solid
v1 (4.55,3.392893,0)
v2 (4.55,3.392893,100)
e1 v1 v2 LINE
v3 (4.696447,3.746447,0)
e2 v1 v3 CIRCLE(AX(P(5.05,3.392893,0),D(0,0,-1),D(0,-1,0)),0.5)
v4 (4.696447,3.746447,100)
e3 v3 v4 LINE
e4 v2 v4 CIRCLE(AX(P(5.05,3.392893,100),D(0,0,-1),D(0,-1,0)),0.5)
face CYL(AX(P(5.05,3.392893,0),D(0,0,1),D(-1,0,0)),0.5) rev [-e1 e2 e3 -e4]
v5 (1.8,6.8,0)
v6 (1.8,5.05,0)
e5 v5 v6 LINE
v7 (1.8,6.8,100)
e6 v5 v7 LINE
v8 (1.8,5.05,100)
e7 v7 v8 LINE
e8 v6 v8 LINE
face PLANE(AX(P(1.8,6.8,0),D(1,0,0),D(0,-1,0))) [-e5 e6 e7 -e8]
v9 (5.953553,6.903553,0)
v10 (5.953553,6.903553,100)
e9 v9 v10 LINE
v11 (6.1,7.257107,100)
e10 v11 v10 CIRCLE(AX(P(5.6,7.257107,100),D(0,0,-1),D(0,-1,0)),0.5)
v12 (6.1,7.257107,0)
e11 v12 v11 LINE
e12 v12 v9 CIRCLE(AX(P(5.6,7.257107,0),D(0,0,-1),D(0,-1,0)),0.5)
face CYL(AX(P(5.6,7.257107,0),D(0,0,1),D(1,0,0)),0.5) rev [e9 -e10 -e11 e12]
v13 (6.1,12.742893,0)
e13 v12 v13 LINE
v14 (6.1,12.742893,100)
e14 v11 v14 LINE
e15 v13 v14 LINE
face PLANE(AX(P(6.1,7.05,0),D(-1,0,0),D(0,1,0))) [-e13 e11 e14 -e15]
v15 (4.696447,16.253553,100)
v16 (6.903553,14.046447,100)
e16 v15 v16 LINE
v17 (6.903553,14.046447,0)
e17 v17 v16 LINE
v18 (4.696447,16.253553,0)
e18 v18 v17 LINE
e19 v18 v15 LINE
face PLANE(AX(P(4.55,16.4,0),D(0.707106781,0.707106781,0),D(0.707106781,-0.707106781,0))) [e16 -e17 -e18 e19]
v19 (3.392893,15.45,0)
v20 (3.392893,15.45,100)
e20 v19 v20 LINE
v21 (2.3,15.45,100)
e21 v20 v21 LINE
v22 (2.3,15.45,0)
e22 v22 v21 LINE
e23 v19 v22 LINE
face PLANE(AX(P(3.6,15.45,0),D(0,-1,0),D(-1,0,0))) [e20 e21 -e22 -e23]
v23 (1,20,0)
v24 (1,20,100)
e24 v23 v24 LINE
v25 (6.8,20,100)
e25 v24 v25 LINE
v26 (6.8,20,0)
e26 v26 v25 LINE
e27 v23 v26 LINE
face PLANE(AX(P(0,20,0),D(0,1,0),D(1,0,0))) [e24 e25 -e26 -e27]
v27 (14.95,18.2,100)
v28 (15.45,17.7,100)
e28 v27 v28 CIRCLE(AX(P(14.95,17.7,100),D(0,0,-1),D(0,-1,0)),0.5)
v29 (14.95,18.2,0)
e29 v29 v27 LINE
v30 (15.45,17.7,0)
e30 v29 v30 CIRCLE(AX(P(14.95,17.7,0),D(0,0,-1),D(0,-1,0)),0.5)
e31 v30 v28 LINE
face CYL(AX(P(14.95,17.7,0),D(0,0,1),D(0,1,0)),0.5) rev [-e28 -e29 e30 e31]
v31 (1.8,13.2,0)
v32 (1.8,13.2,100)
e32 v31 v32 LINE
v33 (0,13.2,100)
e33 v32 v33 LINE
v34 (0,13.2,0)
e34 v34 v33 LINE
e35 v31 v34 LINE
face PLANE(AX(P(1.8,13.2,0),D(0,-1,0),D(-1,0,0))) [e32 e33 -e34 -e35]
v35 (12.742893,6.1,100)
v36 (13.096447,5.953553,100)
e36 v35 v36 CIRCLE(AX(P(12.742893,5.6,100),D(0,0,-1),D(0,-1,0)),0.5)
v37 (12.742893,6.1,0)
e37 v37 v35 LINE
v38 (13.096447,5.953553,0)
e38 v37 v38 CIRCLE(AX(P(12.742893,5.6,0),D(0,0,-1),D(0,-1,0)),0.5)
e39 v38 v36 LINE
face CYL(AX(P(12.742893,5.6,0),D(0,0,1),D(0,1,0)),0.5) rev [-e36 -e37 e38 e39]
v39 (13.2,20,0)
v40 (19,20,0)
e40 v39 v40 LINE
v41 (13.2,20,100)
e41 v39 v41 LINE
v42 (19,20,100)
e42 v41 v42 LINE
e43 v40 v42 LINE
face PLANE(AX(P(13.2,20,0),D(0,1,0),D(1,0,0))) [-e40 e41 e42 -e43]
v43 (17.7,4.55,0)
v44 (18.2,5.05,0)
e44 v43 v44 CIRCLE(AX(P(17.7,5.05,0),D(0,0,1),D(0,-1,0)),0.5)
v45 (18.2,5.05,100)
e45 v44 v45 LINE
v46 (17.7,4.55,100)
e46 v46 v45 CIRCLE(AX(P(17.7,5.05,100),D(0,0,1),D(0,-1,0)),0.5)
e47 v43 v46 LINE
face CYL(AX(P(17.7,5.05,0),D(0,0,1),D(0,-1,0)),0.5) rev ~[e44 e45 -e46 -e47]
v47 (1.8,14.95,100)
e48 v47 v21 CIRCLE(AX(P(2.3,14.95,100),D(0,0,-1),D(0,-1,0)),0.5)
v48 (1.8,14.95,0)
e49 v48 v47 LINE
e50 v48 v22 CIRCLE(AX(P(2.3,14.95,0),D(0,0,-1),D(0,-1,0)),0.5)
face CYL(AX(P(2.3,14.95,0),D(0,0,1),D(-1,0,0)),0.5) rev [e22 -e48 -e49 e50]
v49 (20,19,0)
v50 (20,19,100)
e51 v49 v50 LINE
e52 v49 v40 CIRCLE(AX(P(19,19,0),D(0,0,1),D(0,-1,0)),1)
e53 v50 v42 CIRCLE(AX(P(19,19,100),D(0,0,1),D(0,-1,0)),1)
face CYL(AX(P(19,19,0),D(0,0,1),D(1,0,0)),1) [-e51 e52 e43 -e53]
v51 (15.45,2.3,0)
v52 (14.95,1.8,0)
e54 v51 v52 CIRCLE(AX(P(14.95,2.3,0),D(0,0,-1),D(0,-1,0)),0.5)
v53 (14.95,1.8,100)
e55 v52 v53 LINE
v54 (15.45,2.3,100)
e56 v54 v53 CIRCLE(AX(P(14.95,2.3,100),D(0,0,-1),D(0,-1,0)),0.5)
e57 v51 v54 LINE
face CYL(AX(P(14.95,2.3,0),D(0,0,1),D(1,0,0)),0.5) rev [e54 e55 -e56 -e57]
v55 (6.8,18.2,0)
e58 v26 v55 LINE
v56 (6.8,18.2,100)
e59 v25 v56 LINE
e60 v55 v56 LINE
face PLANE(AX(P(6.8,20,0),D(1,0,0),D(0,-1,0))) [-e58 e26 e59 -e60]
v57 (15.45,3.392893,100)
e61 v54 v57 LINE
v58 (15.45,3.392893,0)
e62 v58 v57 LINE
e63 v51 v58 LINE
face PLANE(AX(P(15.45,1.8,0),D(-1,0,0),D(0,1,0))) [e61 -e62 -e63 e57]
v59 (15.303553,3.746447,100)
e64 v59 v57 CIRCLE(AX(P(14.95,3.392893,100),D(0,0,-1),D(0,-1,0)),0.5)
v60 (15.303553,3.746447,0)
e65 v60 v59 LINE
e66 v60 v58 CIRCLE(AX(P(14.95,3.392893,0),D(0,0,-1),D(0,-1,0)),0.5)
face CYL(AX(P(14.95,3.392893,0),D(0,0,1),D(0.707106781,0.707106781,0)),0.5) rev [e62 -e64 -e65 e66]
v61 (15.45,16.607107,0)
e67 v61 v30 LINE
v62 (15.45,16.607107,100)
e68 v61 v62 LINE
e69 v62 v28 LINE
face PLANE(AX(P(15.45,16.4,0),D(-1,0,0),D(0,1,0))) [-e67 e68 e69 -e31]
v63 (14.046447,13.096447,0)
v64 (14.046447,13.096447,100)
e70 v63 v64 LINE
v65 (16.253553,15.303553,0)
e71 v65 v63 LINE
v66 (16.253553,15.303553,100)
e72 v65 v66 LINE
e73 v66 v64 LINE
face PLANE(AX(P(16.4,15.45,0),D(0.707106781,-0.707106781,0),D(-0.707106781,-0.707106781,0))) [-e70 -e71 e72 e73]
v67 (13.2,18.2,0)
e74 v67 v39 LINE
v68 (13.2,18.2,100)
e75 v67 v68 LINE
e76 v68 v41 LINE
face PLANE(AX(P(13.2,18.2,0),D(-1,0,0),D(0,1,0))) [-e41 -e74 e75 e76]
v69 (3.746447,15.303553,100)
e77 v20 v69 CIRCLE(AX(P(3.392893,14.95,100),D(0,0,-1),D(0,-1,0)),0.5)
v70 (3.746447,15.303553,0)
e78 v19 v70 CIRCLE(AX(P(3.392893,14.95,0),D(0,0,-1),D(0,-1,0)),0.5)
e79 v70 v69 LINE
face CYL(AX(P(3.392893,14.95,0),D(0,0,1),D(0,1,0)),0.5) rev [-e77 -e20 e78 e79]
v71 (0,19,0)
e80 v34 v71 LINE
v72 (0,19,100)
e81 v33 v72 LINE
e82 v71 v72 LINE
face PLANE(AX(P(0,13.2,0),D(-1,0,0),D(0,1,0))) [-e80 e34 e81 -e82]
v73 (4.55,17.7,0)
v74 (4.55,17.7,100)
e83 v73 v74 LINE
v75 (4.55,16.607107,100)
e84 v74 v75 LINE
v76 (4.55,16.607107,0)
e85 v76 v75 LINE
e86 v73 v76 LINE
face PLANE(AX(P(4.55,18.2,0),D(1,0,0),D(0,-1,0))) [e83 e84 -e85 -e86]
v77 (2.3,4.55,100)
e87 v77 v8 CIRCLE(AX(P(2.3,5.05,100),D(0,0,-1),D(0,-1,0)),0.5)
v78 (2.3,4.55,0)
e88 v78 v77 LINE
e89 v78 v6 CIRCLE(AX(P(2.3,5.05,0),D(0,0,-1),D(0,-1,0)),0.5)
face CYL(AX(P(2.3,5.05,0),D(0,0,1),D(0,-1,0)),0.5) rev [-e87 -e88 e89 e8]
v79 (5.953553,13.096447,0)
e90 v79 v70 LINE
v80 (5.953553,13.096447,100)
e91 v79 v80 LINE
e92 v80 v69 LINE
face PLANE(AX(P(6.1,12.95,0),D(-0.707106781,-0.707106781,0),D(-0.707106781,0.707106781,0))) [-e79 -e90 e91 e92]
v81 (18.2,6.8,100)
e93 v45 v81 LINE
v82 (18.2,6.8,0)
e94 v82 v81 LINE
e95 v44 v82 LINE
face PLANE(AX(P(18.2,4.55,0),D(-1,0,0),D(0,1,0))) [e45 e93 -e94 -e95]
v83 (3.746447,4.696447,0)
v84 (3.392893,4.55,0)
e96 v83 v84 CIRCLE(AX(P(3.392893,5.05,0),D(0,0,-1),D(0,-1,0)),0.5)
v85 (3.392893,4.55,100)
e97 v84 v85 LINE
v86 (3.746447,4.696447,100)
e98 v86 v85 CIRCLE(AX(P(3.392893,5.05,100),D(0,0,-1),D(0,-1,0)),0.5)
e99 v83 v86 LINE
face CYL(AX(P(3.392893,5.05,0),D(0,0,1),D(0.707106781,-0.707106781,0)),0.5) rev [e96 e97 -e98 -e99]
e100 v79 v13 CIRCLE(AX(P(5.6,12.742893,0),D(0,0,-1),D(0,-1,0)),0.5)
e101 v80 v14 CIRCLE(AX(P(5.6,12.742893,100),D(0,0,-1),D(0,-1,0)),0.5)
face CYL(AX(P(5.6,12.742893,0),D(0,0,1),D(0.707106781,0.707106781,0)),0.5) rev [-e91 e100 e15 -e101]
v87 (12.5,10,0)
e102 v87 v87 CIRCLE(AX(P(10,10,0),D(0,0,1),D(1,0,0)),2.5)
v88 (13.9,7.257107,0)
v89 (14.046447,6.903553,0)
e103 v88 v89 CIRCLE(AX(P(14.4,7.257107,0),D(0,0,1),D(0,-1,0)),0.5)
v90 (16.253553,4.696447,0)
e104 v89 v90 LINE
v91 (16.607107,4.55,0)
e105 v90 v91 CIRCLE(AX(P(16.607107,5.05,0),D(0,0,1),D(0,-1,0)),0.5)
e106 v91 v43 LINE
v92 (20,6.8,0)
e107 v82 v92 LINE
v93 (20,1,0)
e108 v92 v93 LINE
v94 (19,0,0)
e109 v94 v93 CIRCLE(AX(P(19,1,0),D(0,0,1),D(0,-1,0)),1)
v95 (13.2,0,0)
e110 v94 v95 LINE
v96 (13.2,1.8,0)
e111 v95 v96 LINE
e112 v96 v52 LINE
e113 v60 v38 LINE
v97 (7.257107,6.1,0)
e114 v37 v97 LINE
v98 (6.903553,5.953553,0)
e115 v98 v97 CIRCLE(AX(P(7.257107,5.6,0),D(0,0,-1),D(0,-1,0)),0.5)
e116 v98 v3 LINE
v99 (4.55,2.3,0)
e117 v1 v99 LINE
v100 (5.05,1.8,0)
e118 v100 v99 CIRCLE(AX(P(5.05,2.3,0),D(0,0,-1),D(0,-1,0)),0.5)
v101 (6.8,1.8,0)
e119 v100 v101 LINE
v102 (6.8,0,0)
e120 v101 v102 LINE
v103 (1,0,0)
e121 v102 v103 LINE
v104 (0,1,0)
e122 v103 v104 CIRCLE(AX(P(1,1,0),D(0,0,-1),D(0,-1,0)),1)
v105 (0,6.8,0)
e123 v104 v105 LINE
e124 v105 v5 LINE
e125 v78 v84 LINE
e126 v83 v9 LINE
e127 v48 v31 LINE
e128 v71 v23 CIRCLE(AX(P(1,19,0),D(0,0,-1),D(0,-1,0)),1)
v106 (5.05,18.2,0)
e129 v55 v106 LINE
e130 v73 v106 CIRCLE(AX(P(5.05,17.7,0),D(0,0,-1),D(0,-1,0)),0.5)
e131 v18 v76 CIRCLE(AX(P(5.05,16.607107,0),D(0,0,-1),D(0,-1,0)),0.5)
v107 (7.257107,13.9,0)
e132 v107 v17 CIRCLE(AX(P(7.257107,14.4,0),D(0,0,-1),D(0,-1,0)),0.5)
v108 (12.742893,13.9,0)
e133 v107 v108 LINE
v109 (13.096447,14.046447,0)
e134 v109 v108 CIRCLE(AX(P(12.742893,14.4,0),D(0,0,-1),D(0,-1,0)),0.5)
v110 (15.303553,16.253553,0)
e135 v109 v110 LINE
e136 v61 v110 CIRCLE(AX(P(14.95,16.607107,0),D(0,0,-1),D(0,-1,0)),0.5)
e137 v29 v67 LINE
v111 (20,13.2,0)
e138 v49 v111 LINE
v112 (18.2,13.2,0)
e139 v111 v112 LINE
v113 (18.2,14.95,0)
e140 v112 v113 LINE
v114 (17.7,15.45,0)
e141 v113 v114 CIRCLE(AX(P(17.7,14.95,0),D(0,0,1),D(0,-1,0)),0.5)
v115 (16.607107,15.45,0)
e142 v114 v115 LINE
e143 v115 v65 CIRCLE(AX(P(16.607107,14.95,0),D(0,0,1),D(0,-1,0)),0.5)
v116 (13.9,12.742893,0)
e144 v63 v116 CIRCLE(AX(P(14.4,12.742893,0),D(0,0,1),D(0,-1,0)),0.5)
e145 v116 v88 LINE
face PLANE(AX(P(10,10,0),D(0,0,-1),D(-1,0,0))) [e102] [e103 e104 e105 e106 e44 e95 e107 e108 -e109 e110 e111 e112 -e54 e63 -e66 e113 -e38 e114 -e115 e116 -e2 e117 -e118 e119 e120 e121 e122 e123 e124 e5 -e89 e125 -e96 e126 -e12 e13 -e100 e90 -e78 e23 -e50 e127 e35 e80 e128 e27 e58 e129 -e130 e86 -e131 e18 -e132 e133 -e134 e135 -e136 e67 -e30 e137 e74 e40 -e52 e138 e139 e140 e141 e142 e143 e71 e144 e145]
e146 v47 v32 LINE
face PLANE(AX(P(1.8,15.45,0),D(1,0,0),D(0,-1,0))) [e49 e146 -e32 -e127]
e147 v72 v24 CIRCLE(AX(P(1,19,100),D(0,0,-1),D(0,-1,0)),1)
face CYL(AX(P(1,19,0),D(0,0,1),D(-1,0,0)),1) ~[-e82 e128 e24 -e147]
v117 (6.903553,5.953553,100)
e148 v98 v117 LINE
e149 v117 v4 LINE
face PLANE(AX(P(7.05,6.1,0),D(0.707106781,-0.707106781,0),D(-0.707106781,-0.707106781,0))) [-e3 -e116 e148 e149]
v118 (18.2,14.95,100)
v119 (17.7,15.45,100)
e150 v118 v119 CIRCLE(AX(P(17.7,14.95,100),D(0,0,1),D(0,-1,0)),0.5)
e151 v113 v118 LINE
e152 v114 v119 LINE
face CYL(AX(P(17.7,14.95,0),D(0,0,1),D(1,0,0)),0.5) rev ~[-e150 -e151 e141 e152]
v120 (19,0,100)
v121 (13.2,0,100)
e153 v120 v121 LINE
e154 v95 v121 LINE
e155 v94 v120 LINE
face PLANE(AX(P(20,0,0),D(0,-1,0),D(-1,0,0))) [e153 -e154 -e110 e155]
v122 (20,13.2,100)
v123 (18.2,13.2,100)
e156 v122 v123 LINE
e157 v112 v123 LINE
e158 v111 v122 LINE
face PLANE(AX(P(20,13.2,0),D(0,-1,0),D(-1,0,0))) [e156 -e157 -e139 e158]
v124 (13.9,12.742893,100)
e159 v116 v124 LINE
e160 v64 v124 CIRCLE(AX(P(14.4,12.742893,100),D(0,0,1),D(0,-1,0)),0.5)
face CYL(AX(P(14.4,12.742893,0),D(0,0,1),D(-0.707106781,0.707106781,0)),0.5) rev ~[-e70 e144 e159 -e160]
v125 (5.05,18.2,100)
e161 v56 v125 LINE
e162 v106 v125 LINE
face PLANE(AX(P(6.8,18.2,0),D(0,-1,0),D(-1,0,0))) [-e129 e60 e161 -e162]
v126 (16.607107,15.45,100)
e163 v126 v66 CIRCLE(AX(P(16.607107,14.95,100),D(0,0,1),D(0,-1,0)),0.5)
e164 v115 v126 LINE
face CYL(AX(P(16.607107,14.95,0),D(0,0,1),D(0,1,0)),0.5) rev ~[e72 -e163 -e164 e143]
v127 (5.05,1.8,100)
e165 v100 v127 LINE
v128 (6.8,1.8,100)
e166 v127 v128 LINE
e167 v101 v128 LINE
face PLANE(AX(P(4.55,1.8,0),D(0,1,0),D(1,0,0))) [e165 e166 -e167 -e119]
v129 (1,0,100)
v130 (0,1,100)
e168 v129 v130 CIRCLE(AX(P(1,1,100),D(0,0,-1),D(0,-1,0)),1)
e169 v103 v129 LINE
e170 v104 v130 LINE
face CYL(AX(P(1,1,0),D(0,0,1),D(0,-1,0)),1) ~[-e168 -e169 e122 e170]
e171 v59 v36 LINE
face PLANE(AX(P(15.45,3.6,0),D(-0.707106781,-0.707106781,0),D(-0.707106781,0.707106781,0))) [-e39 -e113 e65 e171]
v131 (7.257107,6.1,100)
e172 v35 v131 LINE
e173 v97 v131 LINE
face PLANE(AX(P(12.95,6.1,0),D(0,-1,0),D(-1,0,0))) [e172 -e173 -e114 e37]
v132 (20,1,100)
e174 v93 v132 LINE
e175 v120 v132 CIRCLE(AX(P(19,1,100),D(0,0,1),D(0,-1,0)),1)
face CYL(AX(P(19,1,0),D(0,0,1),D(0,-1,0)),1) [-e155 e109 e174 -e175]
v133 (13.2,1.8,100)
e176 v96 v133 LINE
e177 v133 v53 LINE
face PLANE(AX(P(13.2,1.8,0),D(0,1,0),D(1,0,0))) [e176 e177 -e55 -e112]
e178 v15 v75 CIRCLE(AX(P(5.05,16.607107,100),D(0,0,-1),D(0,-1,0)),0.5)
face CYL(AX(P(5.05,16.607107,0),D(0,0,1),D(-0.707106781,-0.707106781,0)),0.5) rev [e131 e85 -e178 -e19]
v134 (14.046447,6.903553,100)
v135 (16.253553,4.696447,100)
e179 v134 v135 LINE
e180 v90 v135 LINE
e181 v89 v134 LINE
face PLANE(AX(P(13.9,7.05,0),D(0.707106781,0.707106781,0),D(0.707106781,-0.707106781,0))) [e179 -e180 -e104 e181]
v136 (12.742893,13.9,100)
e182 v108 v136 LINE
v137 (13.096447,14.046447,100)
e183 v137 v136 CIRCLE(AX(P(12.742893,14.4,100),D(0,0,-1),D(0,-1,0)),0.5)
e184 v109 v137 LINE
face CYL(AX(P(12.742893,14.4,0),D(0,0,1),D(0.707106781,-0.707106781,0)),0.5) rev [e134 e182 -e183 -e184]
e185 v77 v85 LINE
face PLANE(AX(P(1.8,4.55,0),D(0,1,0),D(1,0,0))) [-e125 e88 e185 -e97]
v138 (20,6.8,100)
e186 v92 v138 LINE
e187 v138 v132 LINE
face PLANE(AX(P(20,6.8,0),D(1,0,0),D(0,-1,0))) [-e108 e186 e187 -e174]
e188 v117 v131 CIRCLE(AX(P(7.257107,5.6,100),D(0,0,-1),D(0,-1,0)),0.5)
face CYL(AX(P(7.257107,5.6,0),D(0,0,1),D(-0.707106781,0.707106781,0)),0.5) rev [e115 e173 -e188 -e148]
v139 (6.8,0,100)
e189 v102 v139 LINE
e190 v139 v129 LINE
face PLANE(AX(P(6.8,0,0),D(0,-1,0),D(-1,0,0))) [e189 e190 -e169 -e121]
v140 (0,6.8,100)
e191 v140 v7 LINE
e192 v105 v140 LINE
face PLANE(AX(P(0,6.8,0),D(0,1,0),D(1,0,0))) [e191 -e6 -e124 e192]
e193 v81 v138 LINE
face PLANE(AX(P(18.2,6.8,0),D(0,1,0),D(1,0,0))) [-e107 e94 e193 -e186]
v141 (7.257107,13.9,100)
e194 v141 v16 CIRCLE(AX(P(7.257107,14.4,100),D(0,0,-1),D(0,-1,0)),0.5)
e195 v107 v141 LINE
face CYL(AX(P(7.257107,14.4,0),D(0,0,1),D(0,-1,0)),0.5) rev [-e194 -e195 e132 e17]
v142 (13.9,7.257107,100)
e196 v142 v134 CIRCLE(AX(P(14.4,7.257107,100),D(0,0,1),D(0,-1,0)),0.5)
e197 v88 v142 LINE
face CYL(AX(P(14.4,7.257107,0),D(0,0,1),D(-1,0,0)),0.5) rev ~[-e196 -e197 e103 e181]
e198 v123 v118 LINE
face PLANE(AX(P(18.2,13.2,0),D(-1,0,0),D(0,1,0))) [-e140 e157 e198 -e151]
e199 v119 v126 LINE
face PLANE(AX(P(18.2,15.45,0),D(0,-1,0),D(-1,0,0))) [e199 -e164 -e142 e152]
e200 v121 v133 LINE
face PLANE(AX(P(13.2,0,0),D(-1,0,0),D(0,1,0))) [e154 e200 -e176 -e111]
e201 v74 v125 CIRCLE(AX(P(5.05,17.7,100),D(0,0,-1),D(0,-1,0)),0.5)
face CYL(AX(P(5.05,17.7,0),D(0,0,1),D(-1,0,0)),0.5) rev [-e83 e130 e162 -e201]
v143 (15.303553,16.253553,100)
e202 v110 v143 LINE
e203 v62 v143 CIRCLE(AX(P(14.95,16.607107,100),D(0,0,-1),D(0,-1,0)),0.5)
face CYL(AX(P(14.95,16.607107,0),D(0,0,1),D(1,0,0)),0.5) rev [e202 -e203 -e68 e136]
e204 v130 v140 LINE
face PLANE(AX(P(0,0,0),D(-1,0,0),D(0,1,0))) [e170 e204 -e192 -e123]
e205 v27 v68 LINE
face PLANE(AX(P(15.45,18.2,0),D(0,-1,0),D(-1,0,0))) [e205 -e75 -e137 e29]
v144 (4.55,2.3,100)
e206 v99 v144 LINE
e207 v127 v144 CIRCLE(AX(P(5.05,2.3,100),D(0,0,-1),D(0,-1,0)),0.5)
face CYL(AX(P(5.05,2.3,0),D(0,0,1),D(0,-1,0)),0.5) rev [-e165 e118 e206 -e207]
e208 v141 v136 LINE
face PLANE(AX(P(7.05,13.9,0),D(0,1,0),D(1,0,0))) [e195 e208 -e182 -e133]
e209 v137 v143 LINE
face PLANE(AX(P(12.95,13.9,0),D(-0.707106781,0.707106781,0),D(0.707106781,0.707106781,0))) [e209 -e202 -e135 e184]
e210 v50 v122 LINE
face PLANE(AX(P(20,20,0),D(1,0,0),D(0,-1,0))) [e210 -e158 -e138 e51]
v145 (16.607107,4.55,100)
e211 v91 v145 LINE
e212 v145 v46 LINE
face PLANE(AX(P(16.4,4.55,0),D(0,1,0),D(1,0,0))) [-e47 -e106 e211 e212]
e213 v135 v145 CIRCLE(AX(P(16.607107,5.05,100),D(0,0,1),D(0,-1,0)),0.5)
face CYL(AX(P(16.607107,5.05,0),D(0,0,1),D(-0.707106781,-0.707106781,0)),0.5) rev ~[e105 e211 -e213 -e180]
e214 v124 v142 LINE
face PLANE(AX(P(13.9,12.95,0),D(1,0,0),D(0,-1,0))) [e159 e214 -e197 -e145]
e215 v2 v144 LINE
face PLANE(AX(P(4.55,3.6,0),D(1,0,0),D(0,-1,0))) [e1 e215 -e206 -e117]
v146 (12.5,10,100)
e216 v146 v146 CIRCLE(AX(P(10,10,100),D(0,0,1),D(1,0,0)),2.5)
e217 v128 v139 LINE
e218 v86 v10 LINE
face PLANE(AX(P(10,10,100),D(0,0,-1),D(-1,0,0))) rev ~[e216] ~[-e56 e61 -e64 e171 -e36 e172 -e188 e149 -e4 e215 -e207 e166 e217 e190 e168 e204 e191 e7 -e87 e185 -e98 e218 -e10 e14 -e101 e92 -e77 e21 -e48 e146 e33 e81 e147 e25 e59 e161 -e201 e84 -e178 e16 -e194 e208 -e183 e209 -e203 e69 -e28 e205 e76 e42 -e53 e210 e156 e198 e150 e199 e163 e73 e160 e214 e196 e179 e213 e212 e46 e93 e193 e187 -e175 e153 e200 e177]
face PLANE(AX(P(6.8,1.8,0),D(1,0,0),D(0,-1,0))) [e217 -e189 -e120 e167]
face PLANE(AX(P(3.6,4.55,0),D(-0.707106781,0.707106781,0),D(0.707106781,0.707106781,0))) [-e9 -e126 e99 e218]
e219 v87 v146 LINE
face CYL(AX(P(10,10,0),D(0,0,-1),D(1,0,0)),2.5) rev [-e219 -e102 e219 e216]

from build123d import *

# Parameters (mm, degrees)
SKETCH1_R           = 2.5
BOSS_EXTRUDE1_DEPTH = 100
FILLET1_R           = 1
FILLET2_R           = 0.5
FILLET3_R           = 0.5
FILLET4_R           = 0.5
FILLET5_R           = 0.5


with BuildPart() as part:
    # Sketch1 → Boss-Extrude1 (new body)
    with BuildSketch(Plane.XY):
        Polygon((13.2, 0), (13.2, 1.8), (15.45, 1.8), (15.45, 3.6), (12.95, 6.1), (7.05, 6.1), (4.55, 3.6), (4.55, 1.8), (6.8, 1.8), (6.8, 0), (0, 0), (0, 6.8), (1.8, 6.8), (1.8, 4.55), (3.6, 4.55), (6.1, 7.05), (6.1, 12.95), (3.6, 15.45), (1.8, 15.45), (1.8, 13.2), (0, 13.2), (0, 20), (6.8, 20), (6.8, 18.2), (4.55, 18.2), (4.55, 16.4), (7.05, 13.9), (12.95, 13.9), (15.45, 16.4), (15.45, 18.2), (13.2, 18.2), (13.2, 20), (20, 20), (20, 13.2), (18.2, 13.2), (18.2, 15.45), (16.4, 15.45), (13.9, 12.95), (13.9, 7.05), (16.4, 4.55), (18.2, 4.55), (18.2, 6.8), (20, 6.8), (20, 0), align=None)
        with Locations((10, 10)):
            Circle(SKETCH1_R, mode=Mode.SUBTRACT)
    extrude(amount=BOSS_EXTRUDE1_DEPTH)

    # Fillet1
    fillet1_edges = [part.edges().sort_by_distance(p)[0] for p in [
        (0, 0, 50),
        (0, 20, 50),
        (20, 20, 50),
        (20, 0, 50),
    ]]
    fillet(fillet1_edges, radius=FILLET1_R)

    # Fillet2
    fillet2_edges = [part.edges().sort_by_distance(p)[0] for p in [
        (4.55, 18.2, 50),
        (4.55, 16.4, 50),
        (7.05, 13.9, 50),
        (12.95, 13.9, 50),
        (15.45, 16.4, 50),
        (15.45, 18.2, 50),
    ]]
    fillet(fillet2_edges, radius=FILLET2_R)

    # Fillet3
    fillet3_edges = [part.edges().sort_by_distance(p)[0] for p in [
        (18.2, 15.45, 50),
        (16.4, 15.45, 50),
        (13.9, 12.95, 50),
        (13.9, 7.05, 50),
        (16.4, 4.55, 50),
        (18.2, 4.55, 50),
    ]]
    fillet(fillet3_edges, radius=FILLET3_R)

    # Fillet4
    fillet4_edges = [part.edges().sort_by_distance(p)[0] for p in [
        (1.8, 4.55, 50),
        (3.6, 4.55, 50),
        (6.1, 7.05, 50),
        (6.1, 12.95, 50),
        (3.6, 15.45, 50),
        (1.8, 15.45, 50),
    ]]
    fillet(fillet4_edges, radius=FILLET4_R)

    # Fillet5
    fillet5_edges = [part.edges().sort_by_distance(p)[0] for p in [
        (15.45, 1.8, 50),
        (15.45, 3.6, 50),
        (12.95, 6.1, 50),
        (7.05, 6.1, 50),
        (4.55, 3.6, 50),
        (4.55, 1.8, 50),
    ]]
    fillet(fillet5_edges, radius=FILLET5_R)


solid = part.part
